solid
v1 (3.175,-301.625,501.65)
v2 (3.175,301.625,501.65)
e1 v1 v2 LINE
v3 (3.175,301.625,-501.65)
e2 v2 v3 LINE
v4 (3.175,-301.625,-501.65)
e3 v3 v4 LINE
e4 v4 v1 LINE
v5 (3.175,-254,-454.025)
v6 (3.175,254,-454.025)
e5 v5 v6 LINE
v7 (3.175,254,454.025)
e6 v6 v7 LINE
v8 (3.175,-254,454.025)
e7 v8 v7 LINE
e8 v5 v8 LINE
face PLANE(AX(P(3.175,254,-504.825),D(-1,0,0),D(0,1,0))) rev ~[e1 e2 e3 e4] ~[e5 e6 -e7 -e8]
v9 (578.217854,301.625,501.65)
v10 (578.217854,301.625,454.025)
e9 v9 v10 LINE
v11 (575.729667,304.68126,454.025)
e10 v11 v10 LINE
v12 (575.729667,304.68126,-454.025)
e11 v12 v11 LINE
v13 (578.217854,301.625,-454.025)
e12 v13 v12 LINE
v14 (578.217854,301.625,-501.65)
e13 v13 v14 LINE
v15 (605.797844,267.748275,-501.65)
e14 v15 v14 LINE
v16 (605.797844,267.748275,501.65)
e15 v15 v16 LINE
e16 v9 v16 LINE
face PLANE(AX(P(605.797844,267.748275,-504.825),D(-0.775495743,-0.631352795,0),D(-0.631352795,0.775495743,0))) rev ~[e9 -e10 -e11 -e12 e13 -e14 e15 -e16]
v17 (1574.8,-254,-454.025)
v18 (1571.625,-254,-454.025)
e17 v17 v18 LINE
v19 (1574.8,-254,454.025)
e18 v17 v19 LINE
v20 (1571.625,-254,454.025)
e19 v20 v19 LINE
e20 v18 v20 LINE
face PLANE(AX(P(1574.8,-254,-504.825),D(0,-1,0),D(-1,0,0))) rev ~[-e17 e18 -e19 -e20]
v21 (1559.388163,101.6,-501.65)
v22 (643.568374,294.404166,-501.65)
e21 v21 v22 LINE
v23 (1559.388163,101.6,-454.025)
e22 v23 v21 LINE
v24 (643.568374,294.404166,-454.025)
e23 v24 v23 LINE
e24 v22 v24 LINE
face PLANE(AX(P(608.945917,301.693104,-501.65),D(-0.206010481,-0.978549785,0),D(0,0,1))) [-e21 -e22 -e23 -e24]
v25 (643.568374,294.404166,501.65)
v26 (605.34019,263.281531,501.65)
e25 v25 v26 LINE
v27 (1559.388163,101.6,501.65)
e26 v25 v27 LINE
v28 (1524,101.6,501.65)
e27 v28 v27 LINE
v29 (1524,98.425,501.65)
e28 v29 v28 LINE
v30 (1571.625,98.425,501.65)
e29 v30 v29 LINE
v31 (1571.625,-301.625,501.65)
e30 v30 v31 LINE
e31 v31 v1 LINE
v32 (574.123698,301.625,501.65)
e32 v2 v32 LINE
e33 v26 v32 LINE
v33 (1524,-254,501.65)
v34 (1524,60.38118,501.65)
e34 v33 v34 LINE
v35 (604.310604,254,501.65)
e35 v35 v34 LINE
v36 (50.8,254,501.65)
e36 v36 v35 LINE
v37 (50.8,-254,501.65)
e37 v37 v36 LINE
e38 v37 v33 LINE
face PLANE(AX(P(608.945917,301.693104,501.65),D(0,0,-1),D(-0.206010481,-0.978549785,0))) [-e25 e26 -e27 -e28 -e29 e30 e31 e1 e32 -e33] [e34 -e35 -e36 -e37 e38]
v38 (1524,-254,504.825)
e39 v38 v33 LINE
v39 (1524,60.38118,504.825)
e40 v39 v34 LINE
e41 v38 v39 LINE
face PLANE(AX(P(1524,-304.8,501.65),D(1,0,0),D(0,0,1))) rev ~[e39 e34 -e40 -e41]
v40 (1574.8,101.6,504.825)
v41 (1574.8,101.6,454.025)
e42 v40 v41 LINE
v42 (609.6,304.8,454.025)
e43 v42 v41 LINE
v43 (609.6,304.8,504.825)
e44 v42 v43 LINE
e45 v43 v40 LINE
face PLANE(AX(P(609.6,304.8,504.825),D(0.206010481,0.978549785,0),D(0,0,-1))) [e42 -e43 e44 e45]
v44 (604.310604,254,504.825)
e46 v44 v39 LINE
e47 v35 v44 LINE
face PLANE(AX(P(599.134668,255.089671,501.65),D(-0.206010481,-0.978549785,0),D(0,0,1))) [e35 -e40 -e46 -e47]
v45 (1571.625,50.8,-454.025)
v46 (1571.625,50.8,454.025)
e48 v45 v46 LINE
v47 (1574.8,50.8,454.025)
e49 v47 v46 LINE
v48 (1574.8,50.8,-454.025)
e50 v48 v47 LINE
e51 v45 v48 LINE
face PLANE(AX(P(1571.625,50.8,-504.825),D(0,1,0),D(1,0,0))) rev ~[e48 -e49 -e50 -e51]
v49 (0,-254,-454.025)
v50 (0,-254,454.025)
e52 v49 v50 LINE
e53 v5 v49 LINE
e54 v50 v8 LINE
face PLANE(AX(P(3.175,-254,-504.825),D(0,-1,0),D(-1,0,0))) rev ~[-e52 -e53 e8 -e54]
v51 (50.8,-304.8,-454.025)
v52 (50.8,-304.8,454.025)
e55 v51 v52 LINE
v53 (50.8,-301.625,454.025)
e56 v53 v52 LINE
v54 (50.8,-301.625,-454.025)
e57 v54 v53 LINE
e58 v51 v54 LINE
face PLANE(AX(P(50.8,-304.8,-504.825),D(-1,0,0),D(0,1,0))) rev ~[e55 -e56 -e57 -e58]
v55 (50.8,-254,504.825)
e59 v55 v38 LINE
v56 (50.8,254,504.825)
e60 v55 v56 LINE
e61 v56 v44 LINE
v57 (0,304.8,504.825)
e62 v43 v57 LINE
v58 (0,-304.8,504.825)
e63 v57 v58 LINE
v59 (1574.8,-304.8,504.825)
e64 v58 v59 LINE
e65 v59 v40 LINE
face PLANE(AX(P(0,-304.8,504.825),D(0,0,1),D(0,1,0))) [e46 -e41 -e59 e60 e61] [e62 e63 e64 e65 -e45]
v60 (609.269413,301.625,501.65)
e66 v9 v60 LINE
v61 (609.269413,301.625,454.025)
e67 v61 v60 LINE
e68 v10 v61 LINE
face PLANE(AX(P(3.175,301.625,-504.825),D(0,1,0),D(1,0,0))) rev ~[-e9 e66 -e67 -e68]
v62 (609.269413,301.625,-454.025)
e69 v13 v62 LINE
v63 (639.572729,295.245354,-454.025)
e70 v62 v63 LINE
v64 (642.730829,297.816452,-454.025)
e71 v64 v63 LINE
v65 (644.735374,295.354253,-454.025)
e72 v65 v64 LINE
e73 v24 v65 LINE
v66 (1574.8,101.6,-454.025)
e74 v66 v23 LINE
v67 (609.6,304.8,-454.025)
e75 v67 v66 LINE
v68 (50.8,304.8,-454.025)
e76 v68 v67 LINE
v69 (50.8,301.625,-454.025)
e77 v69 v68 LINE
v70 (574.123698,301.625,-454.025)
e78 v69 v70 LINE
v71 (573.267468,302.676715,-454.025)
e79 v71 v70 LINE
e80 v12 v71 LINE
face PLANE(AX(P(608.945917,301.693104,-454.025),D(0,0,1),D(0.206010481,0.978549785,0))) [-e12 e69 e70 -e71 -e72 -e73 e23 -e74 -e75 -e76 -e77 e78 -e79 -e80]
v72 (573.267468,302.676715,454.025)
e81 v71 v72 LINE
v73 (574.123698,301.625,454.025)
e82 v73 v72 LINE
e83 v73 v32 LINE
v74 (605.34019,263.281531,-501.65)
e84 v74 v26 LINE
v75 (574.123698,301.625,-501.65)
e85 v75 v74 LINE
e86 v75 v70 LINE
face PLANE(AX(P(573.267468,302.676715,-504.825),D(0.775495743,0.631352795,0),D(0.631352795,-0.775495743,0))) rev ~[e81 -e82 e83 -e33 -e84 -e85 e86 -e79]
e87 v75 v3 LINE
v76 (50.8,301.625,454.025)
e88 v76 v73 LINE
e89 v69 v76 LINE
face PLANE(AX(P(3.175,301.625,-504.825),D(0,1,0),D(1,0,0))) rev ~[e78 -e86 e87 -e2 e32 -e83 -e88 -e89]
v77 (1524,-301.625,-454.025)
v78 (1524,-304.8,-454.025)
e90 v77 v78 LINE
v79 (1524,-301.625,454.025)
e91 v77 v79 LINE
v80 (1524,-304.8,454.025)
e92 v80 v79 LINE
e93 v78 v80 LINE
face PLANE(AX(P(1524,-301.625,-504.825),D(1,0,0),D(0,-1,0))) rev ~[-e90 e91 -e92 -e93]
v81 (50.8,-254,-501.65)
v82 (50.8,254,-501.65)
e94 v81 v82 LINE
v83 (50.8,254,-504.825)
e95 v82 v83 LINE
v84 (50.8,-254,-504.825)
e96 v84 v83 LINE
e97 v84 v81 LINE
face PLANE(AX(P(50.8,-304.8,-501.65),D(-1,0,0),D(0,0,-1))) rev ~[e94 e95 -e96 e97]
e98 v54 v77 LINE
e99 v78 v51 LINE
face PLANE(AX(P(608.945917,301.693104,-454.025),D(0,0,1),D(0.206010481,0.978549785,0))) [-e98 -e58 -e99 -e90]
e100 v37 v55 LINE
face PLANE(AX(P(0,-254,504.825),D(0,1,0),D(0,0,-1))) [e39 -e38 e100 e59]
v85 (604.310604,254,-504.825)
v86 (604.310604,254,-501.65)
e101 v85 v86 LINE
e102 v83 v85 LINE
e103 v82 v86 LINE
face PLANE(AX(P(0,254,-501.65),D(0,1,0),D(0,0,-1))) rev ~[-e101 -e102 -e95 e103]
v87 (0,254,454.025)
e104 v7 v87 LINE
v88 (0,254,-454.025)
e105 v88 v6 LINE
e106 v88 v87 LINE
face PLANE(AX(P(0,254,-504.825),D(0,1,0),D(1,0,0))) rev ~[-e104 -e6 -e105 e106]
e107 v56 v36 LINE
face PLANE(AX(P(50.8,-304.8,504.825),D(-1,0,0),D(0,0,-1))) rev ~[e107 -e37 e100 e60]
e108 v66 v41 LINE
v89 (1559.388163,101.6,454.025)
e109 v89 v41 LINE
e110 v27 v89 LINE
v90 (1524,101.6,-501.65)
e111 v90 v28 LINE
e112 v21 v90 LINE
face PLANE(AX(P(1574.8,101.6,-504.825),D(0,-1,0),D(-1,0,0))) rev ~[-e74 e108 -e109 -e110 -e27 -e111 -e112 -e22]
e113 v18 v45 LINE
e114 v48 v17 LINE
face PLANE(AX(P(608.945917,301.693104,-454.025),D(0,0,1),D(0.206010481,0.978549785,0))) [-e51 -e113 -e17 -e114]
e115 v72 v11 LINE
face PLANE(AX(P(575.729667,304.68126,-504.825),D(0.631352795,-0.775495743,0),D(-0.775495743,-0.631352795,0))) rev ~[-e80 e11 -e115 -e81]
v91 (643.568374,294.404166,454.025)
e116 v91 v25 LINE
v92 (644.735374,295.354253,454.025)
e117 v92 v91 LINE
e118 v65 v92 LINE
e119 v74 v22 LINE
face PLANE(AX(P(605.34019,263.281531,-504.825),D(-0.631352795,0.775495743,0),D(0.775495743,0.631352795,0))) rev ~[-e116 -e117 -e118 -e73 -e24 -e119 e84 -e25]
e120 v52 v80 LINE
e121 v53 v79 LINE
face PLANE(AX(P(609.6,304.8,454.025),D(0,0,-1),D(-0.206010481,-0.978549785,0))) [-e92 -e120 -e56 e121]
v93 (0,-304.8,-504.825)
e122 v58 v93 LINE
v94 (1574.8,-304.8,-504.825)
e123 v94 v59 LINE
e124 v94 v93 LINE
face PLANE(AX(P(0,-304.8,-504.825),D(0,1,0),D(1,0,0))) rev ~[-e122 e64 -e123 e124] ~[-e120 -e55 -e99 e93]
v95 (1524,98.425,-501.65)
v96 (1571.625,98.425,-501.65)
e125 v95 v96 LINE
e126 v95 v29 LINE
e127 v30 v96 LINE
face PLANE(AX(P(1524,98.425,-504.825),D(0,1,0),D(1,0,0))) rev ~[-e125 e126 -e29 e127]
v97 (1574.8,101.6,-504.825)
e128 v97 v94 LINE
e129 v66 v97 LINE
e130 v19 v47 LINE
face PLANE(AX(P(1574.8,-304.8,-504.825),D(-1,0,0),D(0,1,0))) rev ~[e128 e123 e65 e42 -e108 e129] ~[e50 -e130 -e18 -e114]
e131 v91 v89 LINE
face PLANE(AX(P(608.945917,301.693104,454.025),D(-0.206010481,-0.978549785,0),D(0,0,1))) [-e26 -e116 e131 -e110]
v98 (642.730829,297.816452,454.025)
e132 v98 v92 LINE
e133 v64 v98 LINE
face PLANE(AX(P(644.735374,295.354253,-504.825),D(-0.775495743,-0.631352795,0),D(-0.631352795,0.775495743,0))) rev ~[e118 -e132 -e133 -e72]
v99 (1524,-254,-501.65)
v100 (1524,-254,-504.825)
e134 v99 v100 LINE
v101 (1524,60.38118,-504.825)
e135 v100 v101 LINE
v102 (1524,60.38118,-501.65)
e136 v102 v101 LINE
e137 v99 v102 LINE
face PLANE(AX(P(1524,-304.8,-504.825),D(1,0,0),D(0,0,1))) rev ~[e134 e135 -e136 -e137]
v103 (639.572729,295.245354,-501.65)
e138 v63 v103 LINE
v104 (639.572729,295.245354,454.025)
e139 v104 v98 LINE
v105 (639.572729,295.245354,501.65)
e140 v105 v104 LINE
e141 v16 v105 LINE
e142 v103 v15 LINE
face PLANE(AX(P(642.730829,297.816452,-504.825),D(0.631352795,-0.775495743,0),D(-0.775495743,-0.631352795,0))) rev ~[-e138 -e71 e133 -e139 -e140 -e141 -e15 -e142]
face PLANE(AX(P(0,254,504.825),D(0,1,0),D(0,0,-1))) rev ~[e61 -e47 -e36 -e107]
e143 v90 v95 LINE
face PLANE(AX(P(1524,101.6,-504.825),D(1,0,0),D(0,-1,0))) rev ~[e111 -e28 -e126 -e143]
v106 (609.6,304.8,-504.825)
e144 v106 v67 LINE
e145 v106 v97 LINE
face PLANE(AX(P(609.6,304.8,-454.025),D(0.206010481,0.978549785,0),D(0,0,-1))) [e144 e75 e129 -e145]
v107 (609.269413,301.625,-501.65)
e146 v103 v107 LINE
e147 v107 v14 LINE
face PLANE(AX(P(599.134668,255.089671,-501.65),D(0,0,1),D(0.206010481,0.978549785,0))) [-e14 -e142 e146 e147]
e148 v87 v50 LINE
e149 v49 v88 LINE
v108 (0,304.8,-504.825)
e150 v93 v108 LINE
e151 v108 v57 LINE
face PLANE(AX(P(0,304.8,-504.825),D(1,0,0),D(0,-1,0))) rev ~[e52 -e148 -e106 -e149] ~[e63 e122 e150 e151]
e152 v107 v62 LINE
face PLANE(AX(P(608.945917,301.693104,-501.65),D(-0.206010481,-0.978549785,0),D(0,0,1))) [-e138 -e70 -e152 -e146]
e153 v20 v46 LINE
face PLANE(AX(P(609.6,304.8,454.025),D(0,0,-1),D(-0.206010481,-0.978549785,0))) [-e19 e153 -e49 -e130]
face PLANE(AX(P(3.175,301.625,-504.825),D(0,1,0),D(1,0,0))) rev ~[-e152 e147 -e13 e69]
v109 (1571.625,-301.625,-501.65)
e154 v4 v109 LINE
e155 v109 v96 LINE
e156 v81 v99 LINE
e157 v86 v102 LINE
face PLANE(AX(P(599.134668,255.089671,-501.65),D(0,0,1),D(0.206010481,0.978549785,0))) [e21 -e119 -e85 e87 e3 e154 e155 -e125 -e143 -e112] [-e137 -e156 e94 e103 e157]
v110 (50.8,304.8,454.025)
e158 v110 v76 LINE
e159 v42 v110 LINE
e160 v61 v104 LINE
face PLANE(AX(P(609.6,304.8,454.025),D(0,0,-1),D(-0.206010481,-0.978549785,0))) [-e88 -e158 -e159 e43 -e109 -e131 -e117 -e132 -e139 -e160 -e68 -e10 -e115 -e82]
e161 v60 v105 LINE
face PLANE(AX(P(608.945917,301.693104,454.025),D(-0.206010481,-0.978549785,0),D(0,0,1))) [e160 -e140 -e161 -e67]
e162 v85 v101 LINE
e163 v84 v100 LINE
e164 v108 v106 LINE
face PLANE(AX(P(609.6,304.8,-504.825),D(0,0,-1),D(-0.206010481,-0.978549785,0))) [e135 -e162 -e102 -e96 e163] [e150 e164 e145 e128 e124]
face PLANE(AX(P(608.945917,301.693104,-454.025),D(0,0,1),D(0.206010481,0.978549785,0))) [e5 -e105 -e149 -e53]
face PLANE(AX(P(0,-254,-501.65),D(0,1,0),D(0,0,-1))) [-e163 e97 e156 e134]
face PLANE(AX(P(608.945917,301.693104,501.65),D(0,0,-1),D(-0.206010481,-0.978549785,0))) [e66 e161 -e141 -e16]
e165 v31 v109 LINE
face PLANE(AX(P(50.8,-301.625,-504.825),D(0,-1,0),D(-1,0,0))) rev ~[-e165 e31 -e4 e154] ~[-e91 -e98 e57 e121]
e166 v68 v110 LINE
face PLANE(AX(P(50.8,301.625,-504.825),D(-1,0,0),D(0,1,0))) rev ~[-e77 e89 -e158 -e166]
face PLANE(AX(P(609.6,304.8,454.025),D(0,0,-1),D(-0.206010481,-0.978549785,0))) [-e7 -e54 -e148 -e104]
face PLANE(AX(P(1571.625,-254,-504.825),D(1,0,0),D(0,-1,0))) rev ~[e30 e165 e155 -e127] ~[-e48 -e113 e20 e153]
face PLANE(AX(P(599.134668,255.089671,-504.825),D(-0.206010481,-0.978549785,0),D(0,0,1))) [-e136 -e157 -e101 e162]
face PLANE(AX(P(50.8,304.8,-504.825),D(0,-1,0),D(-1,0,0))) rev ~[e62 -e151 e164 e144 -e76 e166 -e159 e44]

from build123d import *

# Parameters (mm, degrees)
BOTTOM_HORIZONTAL_ANGLE_DEPTH   = 1574.8
BOTTOM_HORIZONTAL_ANGLE_2_DEPTH = 1574.8
FRONT_VERTIAL_ANGLE_DEPTH       = 406.4
REAR_VERTICAL_ANGLE_DEPTH       = 609.6
REAR_TOP_HORIZONTAL_ANGLE_DEPTH = 609.6
BOSS_EXTRUDE5_DEPTH             = 986.357582
BOSS_EXTRUDE6_REACH             = 1011.65


with BuildPart() as part:
    # Sketch5 → Bottom Horizontal Angle (new body)
    with BuildSketch(Plane(origin=(0, 0, 0), x_dir=(0, 0, -1), z_dir=(1, 0, 0))):
        Polygon((-504.825, -304.8), (-504.825, -254), (-501.65, -254), (-501.65, -301.625), (-454.025, -301.625), (-454.025, -304.8), align=None)
    extrude(amount=BOTTOM_HORIZONTAL_ANGLE_DEPTH)



with BuildPart() as body_2:
    # Sketch5 → Bottom Horizontal Angle 2 (new body)
    with BuildSketch(Plane(origin=(0, 0, 0), x_dir=(0, 0, -1), z_dir=(1, 0, 0))):
        Polygon((501.65, -254), (504.825, -254), (504.825, -304.8), (454.025, -304.8), (454.025, -301.625), (501.65, -301.625), align=None)
    extrude(amount=BOTTOM_HORIZONTAL_ANGLE_2_DEPTH)


with BuildPart() as part_1:
    add(part.part)

    add(body_2.part)  # Front Vertial Angle merges body 2
    # Sketch6 → Front Vertial Angle (add)
    with BuildSketch(Plane.XZ.offset(304.8)):
        Polygon((1574.8, -504.825), (1524, -504.825), (1524, -501.65), (1571.625, -501.65), (1571.625, -454.025), (1574.8, -454.025), align=None)
        Polygon((1524, 501.65), (1524, 504.825), (1574.8, 504.825), (1574.8, 454.025), (1571.625, 454.025), (1571.625, 501.65), align=None)
    extrude(amount=-FRONT_VERTIAL_ANGLE_DEPTH)

    # Sketch7 → Rear Vertical Angle (add)
    with BuildSketch(Plane.XZ.offset(304.8)):
        Polygon((0, 504.825), (50.8, 504.825), (50.8, 501.65), (3.175, 501.65), (3.175, 454.025), (0, 454.025), align=None)
        Polygon((50.8, -501.65), (50.8, -504.825), (0, -504.825), (0, -454.025), (3.175, -454.025), (3.175, -501.65), align=None)
    extrude(amount=-REAR_VERTICAL_ANGLE_DEPTH)

    # Sketch8 → Rear Top Horizontal Angle (add)
    with BuildSketch(Plane.ZY):
        Polygon((504.825, 304.8), (504.825, 254), (501.65, 254), (501.65, 301.625), (454.025, 301.625), (454.025, 304.8), align=None)
        Polygon((-501.65, 254), (-504.825, 254), (-504.825, 304.8), (-454.025, 304.8), (-454.025, 301.625), (-501.65, 301.625), align=None)
    extrude(amount=-REAR_TOP_HORIZONTAL_ANGLE_DEPTH)

    # Sketch10 → Boss-Extrude5 (add)
    with BuildSketch(Plane(origin=(522.283289125, -109.954376658, 0), x_dir=(0, 0, -1), z_dir=(0.978549785, -0.206010481, 0))):
        Polygon((504.825, 423.845963712), (504.825, 373.045963712), (501.65, 373.045963712), (501.65, 420.670963712), (454.025, 420.670963712), (454.025, 423.845963712), align=None)
        Polygon((-501.65, 373.045963712), (-504.825, 373.045963712), (-504.825, 423.845963712), (-454.025, 423.845963712), (-454.025, 420.670963712), (-501.65, 420.670963712), align=None)
    extrude(amount=BOSS_EXTRUDE5_DEPTH)

    # Sketch11 → Boss-Extrude6 (add, up to next)
    with BuildSketch(Plane(origin=(0, 0, -504.825), x_dir=(-1, 0, 0), z_dir=(0, 0, -1)), mode=Mode.PRIVATE) as boss_extrude6_sk1:
        Polygon((-1574.8, 101.6), (-1524, 101.6), (-1524, 98.425), (-1571.625, 98.425), (-1571.625, 50.8), (-1574.8, 50.8), align=None)
    boss_extrude6_tool1 = extrude(boss_extrude6_sk1.sketch, amount=-BOSS_EXTRUDE6_REACH, mode=Mode.PRIVATE) - part_1.part
    add(boss_extrude6_tool1.solids().sort_by_distance((1549.4, 100.88158, -504.825))[0])
    # Sketch11 → Boss-Extrude6 (add, up to next)
    with BuildSketch(Plane(origin=(0, 0, -504.825), x_dir=(-1, 0, 0), z_dir=(0, 0, -1)), mode=Mode.PRIVATE) as boss_extrude6_sk2:
        Polygon((-1524, -301.625), (-1524, -304.8), (-1574.8, -304.8), (-1574.8, -254), (-1571.625, -254), (-1571.625, -301.625), align=None)
    boss_extrude6_tool2 = extrude(boss_extrude6_sk2.sketch, amount=-BOSS_EXTRUDE6_REACH, mode=Mode.PRIVATE) - part_1.part
    add(boss_extrude6_tool2.solids().sort_by_distance((1524.71842, -303.2125, -504.825))[0])
    # Sketch11 → Boss-Extrude6 (add, up to next)
    with BuildSketch(Plane(origin=(0, 0, -504.825), x_dir=(-1, 0, 0), z_dir=(0, 0, -1)), mode=Mode.PRIVATE) as boss_extrude6_sk3:
        Polygon((0, -304.8), (-50.8, -304.8), (-50.8, -301.625), (-3.175, -301.625), (-3.175, -254), (0, -254), align=None)
    boss_extrude6_tool3 = extrude(boss_extrude6_sk3.sketch, amount=-BOSS_EXTRUDE6_REACH, mode=Mode.PRIVATE) - part_1.part
    add(boss_extrude6_tool3.solids().sort_by_distance((25.4, -304.08158, -504.825))[0])
    # Sketch11 → Boss-Extrude6 (add, up to next)
    with BuildSketch(Plane(origin=(0, 0, -504.825), x_dir=(-1, 0, 0), z_dir=(0, 0, -1)), mode=Mode.PRIVATE) as boss_extrude6_sk4:
        Polygon((-3.175, 301.625), (-50.8, 301.625), (-50.8, 304.8), (0, 304.8), (0, 254), (-3.175, 254), align=None)
    boss_extrude6_tool4 = extrude(boss_extrude6_sk4.sketch, amount=-BOSS_EXTRUDE6_REACH, mode=Mode.PRIVATE) - part_1.part
    add(boss_extrude6_tool4.solids().sort_by_distance((26.9875, 302.34342, -504.825))[0])
    # Sketch11 → Boss-Extrude6 (add, up to next)
    with BuildSketch(Plane(origin=(0, 0, -504.825), x_dir=(-1, 0, 0), z_dir=(0, 0, -1)), mode=Mode.PRIVATE) as boss_extrude6_sk5:
        Polygon((-605.340190101, 263.281530829), (-644.735373854, 295.354252838), (-642.730828729, 297.816451822), (-605.79784396, 267.748274939), (-575.729667077, 304.681259707), (-573.267468092, 302.676714582), align=None)
    boss_extrude6_tool5 = extrude(boss_extrude6_sk5.sketch, amount=-BOSS_EXTRUDE6_REACH, mode=Mode.PRIVATE) - part_1.part
    add(boss_extrude6_tool5.solids().sort_by_distance((624.516329, 279.958397, -504.825))[0])


solid = part_1.part
